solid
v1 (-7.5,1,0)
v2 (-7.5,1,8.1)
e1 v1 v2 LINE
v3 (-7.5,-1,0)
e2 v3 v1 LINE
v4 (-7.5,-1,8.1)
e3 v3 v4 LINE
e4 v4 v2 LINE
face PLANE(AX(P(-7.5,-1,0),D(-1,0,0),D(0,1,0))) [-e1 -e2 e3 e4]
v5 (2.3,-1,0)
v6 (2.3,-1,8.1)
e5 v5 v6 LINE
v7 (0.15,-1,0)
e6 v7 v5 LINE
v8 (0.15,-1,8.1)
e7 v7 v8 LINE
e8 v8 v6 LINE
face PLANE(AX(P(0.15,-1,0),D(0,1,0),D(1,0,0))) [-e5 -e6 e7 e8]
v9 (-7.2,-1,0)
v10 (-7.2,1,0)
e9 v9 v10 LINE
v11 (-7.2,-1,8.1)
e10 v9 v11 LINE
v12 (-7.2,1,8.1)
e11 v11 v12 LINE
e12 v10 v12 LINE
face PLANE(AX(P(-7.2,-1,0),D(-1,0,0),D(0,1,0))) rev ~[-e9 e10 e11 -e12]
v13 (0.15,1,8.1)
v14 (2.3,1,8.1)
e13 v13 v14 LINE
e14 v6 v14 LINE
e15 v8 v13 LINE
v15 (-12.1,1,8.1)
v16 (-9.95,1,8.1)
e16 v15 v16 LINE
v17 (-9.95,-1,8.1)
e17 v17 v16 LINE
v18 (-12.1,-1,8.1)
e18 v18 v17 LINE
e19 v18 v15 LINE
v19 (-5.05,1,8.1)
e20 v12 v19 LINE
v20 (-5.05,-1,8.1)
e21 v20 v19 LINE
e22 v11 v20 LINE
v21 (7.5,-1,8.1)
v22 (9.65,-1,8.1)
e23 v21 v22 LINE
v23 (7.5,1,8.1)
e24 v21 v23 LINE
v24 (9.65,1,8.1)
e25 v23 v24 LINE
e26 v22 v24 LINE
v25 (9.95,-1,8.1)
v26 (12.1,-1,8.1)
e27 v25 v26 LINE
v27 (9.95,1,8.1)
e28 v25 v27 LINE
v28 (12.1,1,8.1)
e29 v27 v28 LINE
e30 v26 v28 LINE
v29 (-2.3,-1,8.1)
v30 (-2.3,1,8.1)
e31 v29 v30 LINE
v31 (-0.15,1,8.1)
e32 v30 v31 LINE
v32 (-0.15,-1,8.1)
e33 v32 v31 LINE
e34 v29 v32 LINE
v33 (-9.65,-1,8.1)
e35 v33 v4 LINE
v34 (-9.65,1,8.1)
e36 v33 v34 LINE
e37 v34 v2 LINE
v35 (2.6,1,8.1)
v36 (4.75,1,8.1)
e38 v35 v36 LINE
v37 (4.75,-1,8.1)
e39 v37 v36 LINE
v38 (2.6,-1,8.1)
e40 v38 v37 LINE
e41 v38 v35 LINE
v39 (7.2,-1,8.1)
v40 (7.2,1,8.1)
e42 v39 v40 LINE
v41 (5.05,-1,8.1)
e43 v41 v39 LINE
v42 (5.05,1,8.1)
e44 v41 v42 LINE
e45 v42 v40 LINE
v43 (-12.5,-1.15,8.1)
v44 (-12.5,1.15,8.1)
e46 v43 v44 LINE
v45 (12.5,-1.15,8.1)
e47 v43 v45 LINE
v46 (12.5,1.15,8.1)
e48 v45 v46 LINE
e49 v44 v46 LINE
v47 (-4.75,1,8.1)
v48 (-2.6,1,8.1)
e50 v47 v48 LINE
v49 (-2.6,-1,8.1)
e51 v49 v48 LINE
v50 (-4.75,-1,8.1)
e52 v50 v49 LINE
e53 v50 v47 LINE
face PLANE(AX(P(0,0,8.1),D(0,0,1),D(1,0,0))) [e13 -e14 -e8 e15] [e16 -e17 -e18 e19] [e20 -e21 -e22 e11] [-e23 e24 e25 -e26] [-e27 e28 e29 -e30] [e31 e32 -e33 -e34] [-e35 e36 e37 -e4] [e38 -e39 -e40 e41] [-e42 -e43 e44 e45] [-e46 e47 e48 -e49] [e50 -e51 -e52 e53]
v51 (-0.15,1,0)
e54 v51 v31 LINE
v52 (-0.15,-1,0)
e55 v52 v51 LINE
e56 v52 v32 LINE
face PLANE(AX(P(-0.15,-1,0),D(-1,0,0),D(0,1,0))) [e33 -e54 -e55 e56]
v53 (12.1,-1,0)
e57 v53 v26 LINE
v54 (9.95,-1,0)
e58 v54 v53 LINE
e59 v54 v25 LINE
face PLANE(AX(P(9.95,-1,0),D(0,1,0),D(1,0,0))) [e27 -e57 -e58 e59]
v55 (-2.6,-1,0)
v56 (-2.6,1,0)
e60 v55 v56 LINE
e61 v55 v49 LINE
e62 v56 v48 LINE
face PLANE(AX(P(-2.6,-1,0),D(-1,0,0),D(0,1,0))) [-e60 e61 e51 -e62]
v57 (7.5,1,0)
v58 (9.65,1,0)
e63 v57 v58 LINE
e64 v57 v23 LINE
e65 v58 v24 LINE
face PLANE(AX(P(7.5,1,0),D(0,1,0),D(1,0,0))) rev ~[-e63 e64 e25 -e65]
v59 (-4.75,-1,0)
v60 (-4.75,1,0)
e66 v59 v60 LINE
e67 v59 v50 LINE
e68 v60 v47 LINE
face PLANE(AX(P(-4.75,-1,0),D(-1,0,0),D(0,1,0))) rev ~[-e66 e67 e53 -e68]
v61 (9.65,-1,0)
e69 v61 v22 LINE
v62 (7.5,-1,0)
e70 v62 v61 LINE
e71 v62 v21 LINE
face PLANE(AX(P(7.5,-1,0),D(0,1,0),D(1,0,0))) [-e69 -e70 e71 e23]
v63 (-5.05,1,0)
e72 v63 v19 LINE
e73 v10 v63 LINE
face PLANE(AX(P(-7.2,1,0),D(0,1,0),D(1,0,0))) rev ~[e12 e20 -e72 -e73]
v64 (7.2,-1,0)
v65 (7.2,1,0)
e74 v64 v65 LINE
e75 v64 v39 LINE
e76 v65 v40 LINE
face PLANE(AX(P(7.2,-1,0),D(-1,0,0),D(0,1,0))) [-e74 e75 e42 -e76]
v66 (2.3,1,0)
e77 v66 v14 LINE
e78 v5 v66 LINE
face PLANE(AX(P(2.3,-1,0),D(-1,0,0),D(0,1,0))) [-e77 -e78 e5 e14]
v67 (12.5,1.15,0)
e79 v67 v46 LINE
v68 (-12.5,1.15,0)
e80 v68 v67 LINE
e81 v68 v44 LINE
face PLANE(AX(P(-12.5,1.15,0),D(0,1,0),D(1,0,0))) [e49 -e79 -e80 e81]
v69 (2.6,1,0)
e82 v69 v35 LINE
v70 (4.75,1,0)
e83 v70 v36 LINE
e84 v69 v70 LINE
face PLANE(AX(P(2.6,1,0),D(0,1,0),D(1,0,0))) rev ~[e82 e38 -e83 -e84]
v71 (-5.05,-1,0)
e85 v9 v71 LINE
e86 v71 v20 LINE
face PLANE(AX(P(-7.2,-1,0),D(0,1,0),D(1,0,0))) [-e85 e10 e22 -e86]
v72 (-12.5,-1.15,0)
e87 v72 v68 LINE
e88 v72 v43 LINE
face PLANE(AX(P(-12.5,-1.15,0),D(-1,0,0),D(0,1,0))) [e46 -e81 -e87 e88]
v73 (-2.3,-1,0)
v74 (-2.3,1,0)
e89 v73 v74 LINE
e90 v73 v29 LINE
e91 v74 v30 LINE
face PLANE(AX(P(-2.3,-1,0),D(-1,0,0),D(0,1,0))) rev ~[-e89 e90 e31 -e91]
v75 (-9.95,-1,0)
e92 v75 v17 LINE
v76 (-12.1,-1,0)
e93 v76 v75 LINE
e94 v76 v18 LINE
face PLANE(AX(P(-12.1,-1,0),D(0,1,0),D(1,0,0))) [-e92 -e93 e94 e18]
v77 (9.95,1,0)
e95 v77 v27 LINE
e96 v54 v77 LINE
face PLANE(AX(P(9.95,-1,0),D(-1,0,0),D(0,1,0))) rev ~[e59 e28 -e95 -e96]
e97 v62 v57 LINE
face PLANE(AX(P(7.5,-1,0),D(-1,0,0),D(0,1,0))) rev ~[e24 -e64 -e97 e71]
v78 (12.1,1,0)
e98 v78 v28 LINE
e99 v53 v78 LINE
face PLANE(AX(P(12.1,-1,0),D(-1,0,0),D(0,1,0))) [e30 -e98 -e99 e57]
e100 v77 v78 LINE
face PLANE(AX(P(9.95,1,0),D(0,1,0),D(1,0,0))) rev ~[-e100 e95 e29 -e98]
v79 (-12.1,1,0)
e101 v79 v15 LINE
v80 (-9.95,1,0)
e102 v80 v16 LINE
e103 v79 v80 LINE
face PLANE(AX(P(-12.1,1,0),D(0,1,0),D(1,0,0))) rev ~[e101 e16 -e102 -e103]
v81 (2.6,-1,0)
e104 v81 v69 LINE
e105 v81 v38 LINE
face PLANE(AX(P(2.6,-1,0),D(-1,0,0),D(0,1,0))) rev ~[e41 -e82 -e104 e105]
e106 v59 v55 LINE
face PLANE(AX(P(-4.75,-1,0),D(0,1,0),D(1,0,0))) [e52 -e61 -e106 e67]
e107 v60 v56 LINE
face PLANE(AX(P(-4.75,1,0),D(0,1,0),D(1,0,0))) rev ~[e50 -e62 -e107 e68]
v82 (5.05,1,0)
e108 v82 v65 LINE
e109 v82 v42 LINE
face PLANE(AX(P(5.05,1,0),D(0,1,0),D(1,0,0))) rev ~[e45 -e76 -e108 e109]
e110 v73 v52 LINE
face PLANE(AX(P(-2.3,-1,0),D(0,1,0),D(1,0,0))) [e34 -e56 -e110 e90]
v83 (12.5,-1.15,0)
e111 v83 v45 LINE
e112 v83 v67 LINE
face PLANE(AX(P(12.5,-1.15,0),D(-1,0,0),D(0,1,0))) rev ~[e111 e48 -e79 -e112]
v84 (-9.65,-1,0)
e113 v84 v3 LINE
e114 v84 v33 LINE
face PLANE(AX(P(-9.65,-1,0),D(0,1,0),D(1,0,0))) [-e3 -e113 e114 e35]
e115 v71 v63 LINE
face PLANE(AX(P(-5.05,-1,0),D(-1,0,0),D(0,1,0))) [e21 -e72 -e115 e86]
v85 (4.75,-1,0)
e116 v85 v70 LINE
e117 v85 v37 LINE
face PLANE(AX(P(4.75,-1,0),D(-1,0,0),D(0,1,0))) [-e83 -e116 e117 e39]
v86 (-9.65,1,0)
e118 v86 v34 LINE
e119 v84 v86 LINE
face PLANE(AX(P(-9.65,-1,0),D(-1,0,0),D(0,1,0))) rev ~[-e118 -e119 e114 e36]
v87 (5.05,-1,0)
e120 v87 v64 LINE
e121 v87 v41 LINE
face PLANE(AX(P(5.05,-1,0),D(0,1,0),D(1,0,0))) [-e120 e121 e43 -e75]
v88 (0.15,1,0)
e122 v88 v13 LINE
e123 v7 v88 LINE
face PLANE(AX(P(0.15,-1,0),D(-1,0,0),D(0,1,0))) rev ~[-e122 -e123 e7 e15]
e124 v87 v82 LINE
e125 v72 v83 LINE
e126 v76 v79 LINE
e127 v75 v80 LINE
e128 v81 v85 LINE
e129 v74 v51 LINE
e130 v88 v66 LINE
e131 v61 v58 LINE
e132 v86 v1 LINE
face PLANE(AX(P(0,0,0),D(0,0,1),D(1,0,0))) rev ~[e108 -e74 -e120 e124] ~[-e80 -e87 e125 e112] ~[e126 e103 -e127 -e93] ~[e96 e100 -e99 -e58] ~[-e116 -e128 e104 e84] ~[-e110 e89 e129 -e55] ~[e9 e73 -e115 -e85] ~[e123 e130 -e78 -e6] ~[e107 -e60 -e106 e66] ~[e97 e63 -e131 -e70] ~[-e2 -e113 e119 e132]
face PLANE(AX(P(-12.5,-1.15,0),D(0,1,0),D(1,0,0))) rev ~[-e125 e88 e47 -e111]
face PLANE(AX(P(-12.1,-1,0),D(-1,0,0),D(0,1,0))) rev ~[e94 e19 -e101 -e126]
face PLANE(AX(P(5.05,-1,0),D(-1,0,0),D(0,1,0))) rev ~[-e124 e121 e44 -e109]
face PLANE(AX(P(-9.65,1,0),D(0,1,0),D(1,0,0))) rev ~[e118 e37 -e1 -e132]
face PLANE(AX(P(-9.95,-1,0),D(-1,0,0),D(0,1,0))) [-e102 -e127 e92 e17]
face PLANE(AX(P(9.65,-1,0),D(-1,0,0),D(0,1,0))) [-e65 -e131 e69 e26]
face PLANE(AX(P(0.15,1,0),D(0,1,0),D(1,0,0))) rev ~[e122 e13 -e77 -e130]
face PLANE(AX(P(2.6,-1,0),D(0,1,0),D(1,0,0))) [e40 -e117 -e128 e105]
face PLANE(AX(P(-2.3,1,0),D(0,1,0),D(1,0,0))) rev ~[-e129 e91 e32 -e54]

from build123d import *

# Parameters (mm, degrees)
ESQUISSE1_W        = 25
ESQUISSE1_H        = 2.3
ESQUISSE1_W_2      = 2.15
ESQUISSE1_H_2      = 2
BOSS_EXTRU_3_DEPTH = 8.1


with BuildPart() as part:
    # Esquisse1 → Boss.-Extru.3 (new body)
    with BuildSketch(Plane.XY):
        Rectangle(ESQUISSE1_W, ESQUISSE1_H)
        with Locations((-8.575, 0)):
            Rectangle(ESQUISSE1_W_2, ESQUISSE1_H_2, mode=Mode.SUBTRACT)
        with Locations((-11.025, 0)):
            Rectangle(ESQUISSE1_W_2, ESQUISSE1_H_2, mode=Mode.SUBTRACT)
        with Locations((-6.125, 0)):
            Rectangle(ESQUISSE1_W_2, ESQUISSE1_H_2, mode=Mode.SUBTRACT)
        with Locations((-3.675, 0)):
            Rectangle(ESQUISSE1_W_2, ESQUISSE1_H_2, mode=Mode.SUBTRACT)
        with Locations((-1.225, 0)):
            Rectangle(ESQUISSE1_W_2, ESQUISSE1_H_2, mode=Mode.SUBTRACT)
        with Locations((1.225, 0)):
            Rectangle(ESQUISSE1_W_2, ESQUISSE1_H_2, mode=Mode.SUBTRACT)
        with Locations((3.675, 0)):
            Rectangle(ESQUISSE1_W_2, ESQUISSE1_H_2, mode=Mode.SUBTRACT)
        with Locations((6.125, 0)):
            Rectangle(ESQUISSE1_W_2, ESQUISSE1_H_2, mode=Mode.SUBTRACT)
        with Locations((8.575, 0)):
            Rectangle(ESQUISSE1_W_2, ESQUISSE1_H_2, mode=Mode.SUBTRACT)
        with Locations((11.025, 0)):
            Rectangle(ESQUISSE1_W_2, ESQUISSE1_H_2, mode=Mode.SUBTRACT)
    extrude(amount=BOSS_EXTRU_3_DEPTH)


solid = part.part
